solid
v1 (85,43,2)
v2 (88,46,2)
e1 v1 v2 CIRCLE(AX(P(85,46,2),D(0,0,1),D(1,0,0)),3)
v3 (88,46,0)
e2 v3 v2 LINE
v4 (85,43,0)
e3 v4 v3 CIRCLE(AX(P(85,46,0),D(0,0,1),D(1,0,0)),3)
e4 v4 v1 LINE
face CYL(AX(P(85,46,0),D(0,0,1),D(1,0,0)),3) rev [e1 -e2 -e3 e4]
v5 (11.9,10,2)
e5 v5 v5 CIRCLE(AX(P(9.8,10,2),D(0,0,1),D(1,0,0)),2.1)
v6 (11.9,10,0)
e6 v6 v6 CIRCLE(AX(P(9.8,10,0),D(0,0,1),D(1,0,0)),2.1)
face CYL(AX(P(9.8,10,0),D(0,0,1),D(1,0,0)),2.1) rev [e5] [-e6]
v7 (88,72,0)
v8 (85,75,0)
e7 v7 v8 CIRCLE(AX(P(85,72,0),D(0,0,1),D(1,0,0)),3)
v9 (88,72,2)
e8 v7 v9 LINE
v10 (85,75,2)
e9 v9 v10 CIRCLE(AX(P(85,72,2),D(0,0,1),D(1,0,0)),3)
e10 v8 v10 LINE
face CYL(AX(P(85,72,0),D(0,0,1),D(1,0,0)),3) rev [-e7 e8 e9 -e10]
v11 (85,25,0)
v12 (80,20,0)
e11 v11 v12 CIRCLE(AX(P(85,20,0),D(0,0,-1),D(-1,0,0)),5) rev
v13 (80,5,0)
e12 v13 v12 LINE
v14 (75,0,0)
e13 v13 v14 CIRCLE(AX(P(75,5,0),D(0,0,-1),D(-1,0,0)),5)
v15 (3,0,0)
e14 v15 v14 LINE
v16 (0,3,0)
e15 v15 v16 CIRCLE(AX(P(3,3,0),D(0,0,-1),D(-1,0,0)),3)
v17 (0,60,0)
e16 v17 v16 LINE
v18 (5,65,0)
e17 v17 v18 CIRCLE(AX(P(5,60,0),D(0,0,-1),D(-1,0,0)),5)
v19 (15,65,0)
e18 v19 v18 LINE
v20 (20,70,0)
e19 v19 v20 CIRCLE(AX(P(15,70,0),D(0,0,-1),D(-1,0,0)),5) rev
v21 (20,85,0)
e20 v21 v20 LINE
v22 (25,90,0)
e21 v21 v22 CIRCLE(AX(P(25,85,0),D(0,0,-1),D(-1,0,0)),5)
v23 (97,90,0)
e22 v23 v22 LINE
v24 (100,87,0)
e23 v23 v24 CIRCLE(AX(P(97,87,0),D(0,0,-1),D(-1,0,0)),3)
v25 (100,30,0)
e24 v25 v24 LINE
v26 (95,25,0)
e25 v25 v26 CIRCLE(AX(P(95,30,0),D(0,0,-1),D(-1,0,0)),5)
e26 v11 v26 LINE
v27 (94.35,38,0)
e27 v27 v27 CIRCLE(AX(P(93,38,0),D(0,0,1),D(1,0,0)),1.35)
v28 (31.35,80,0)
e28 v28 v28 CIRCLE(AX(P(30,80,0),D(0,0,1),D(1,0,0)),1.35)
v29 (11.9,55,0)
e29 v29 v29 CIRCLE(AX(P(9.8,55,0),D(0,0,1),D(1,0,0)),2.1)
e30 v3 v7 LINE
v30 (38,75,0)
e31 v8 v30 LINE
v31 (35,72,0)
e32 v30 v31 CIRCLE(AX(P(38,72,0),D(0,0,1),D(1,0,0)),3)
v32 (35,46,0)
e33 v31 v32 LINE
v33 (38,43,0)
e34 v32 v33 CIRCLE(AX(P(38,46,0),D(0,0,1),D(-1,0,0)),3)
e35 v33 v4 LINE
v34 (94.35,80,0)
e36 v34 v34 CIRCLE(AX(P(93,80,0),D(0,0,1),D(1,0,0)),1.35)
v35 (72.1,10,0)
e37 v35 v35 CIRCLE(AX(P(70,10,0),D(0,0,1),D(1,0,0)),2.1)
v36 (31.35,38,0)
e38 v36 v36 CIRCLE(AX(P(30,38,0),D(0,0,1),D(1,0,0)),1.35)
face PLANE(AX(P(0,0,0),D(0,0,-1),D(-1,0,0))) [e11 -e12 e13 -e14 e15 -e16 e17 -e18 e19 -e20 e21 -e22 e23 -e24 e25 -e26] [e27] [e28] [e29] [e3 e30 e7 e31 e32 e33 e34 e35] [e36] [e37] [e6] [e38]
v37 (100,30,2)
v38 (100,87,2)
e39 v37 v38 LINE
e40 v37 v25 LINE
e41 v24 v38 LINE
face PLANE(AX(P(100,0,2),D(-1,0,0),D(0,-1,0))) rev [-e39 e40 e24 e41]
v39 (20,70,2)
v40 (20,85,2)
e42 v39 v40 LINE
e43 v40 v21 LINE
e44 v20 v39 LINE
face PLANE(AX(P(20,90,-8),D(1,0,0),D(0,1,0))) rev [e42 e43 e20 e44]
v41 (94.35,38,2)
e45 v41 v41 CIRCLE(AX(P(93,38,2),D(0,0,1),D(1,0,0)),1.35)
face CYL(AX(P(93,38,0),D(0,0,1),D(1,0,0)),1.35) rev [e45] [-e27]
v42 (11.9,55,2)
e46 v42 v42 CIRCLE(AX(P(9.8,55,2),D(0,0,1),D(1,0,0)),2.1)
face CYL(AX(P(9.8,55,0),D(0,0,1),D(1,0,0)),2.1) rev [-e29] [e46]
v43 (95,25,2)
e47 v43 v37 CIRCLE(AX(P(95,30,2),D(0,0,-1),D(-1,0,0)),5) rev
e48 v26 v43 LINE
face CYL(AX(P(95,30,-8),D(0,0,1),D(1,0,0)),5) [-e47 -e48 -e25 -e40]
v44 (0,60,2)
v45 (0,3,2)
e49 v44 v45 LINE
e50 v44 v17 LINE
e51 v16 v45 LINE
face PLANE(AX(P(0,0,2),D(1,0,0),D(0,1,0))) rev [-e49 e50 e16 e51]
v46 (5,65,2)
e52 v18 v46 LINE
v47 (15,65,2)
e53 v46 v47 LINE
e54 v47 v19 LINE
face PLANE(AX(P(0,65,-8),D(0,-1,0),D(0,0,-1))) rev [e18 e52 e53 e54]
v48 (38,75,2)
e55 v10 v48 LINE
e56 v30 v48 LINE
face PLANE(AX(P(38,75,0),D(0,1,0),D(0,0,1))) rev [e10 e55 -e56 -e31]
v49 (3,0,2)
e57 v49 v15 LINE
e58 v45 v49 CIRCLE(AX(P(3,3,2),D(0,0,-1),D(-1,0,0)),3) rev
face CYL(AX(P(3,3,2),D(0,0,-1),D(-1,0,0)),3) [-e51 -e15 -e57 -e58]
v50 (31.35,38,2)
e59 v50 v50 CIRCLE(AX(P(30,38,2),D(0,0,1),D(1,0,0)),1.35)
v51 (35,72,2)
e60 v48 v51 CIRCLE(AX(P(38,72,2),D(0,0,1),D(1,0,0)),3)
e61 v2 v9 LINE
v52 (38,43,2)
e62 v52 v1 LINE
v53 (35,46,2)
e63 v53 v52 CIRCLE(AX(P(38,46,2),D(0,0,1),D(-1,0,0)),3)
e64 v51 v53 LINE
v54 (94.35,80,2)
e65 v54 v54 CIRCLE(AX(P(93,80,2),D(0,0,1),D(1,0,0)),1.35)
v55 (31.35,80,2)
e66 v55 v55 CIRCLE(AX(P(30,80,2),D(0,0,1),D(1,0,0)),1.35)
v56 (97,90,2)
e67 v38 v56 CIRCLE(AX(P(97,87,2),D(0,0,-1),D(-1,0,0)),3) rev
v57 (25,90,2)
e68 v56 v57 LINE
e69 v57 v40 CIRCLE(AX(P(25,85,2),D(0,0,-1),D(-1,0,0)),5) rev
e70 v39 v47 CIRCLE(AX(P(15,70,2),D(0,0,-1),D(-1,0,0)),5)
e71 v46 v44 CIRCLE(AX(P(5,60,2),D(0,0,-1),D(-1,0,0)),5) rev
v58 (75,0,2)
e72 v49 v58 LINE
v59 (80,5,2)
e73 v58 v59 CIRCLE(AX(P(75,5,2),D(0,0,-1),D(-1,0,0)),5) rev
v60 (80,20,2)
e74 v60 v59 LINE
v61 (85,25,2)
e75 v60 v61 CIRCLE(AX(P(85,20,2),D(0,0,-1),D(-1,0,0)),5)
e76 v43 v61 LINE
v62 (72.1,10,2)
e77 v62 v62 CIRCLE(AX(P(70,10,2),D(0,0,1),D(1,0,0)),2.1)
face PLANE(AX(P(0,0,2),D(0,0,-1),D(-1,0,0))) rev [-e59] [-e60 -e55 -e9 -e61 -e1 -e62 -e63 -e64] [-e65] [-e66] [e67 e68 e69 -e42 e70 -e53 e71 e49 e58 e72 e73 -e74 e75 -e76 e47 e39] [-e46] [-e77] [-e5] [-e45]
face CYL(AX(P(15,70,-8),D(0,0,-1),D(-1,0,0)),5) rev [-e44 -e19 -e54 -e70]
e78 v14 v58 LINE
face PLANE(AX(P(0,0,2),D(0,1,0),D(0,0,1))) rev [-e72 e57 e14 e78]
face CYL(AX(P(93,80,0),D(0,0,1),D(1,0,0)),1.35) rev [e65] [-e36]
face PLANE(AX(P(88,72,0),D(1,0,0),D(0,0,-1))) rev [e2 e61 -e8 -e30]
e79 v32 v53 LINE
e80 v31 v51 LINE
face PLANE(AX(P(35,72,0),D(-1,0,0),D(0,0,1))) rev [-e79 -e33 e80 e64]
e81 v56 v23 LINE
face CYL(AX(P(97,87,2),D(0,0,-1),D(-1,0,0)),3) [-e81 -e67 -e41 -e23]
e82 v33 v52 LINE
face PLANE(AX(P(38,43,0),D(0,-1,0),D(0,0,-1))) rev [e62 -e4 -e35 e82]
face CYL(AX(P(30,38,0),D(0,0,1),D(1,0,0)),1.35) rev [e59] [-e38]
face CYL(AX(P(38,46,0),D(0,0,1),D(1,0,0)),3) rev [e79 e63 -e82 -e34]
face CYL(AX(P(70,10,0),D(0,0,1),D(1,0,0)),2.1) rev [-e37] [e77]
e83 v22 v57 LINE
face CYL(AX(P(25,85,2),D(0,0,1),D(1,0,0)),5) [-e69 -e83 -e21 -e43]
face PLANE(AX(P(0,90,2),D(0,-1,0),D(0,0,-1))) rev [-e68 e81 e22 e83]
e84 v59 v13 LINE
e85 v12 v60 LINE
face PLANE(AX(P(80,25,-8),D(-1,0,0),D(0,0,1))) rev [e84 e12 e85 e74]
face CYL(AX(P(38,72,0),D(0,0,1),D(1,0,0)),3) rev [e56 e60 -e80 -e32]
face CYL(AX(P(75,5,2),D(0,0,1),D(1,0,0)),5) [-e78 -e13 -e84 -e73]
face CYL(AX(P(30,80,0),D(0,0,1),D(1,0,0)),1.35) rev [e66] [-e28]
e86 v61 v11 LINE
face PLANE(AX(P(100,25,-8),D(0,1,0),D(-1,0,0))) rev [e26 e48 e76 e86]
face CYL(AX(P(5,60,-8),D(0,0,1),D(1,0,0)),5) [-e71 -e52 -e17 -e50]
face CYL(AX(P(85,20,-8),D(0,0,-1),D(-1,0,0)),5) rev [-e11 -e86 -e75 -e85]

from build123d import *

# Parameters (mm, degrees)
SKETCH_1_W          = 100
SKETCH_1_H          = 90
EXTRUDE_1_DEPTH     = 2
SKETCH_2_R          = 2.1
CUT_EXTRUDE_1_DEPTH = 135.551105532
SKETCH_3_R          = 1.35
CUT_EXTRUDE_2_DEPTH = 135.551105532
FILLET_1_R          = 3
SKETCH_5_W          = 20
SKETCH_5_H          = 25
CUT_EXTRUDE_3_DEPTH = 10
FILLET_2_R          = 5


with BuildPart() as part:
    # 草图1 → 凸台-拉伸1 (new body)
    with BuildSketch(Plane.XY):
        with Locations((50, 45)):
            Rectangle(SKETCH_1_W, SKETCH_1_H)
    extrude(amount=EXTRUDE_1_DEPTH)

    # 草图2 → 切除-拉伸1 (cut, through all)
    with BuildSketch(Plane.XY.offset(2)):
        with Locations((9.8, 10)):
            Circle(SKETCH_2_R)
        with Locations((70, 10)):
            Circle(SKETCH_2_R)
        with Locations((9.8, 55)):
            Circle(SKETCH_2_R)
    extrude(amount=-CUT_EXTRUDE_1_DEPTH, mode=Mode.SUBTRACT)

    # 草图3 → 切除-拉伸2 (cut, through all)
    with BuildSketch(Plane.XY.offset(2)):
        with Locations((30, 80)):
            Circle(SKETCH_3_R)
        with Locations((93, 80)):
            Circle(SKETCH_3_R)
        with Locations((93, 38)):
            Circle(SKETCH_3_R)
        with Locations((30, 38)):
            Circle(SKETCH_3_R)
        with BuildLine():
            Line((38, 75), (85, 75))
            ThreePointArc((85, 75), (87.121320344, 74.121320344), (88, 72))
            Line((88, 72), (88, 46))
            ThreePointArc((88, 46), (87.121320344, 43.878679656), (85, 43))
            Line((85, 43), (38, 43))
            ThreePointArc((38, 43), (35.878679656, 43.878679656), (35, 46))
            Line((35, 46), (35, 72))
            ThreePointArc((35, 72), (35.878679656, 74.121320344), (38, 75))
        make_face()
    extrude(amount=-CUT_EXTRUDE_2_DEPTH, mode=Mode.SUBTRACT)

    # 圆角1
    fillet_1_edges = [part.edges().sort_by_distance(p)[0] for p in [
        (0, 90, 1),
        (100, 90, 1),
        (100, 0, 1),
        (0, 0, 1),
    ]]
    fillet(fillet_1_edges, radius=FILLET_1_R)

    # 草图5 → 切除-拉伸3 (cut)
    with BuildSketch(Plane.XY.offset(2)):
        with Locations((10, 77.5)):
            Rectangle(SKETCH_5_W, SKETCH_5_H)
        with Locations((90, 12.5)):
            Rectangle(SKETCH_5_W, SKETCH_5_H)
    extrude(amount=-CUT_EXTRUDE_3_DEPTH, mode=Mode.SUBTRACT)

    # 圆角2
    fillet_2_edges = [part.edges().sort_by_distance(p)[0] for p in [
        (0, 65, 1),
        (20, 90, 1),
        (20, 65, 1),
        (100, 25, 1),
        (80, 0, 1),
        (80, 25, 1),
    ]]
    fillet(fillet_2_edges, radius=FILLET_2_R)


solid = part.part
